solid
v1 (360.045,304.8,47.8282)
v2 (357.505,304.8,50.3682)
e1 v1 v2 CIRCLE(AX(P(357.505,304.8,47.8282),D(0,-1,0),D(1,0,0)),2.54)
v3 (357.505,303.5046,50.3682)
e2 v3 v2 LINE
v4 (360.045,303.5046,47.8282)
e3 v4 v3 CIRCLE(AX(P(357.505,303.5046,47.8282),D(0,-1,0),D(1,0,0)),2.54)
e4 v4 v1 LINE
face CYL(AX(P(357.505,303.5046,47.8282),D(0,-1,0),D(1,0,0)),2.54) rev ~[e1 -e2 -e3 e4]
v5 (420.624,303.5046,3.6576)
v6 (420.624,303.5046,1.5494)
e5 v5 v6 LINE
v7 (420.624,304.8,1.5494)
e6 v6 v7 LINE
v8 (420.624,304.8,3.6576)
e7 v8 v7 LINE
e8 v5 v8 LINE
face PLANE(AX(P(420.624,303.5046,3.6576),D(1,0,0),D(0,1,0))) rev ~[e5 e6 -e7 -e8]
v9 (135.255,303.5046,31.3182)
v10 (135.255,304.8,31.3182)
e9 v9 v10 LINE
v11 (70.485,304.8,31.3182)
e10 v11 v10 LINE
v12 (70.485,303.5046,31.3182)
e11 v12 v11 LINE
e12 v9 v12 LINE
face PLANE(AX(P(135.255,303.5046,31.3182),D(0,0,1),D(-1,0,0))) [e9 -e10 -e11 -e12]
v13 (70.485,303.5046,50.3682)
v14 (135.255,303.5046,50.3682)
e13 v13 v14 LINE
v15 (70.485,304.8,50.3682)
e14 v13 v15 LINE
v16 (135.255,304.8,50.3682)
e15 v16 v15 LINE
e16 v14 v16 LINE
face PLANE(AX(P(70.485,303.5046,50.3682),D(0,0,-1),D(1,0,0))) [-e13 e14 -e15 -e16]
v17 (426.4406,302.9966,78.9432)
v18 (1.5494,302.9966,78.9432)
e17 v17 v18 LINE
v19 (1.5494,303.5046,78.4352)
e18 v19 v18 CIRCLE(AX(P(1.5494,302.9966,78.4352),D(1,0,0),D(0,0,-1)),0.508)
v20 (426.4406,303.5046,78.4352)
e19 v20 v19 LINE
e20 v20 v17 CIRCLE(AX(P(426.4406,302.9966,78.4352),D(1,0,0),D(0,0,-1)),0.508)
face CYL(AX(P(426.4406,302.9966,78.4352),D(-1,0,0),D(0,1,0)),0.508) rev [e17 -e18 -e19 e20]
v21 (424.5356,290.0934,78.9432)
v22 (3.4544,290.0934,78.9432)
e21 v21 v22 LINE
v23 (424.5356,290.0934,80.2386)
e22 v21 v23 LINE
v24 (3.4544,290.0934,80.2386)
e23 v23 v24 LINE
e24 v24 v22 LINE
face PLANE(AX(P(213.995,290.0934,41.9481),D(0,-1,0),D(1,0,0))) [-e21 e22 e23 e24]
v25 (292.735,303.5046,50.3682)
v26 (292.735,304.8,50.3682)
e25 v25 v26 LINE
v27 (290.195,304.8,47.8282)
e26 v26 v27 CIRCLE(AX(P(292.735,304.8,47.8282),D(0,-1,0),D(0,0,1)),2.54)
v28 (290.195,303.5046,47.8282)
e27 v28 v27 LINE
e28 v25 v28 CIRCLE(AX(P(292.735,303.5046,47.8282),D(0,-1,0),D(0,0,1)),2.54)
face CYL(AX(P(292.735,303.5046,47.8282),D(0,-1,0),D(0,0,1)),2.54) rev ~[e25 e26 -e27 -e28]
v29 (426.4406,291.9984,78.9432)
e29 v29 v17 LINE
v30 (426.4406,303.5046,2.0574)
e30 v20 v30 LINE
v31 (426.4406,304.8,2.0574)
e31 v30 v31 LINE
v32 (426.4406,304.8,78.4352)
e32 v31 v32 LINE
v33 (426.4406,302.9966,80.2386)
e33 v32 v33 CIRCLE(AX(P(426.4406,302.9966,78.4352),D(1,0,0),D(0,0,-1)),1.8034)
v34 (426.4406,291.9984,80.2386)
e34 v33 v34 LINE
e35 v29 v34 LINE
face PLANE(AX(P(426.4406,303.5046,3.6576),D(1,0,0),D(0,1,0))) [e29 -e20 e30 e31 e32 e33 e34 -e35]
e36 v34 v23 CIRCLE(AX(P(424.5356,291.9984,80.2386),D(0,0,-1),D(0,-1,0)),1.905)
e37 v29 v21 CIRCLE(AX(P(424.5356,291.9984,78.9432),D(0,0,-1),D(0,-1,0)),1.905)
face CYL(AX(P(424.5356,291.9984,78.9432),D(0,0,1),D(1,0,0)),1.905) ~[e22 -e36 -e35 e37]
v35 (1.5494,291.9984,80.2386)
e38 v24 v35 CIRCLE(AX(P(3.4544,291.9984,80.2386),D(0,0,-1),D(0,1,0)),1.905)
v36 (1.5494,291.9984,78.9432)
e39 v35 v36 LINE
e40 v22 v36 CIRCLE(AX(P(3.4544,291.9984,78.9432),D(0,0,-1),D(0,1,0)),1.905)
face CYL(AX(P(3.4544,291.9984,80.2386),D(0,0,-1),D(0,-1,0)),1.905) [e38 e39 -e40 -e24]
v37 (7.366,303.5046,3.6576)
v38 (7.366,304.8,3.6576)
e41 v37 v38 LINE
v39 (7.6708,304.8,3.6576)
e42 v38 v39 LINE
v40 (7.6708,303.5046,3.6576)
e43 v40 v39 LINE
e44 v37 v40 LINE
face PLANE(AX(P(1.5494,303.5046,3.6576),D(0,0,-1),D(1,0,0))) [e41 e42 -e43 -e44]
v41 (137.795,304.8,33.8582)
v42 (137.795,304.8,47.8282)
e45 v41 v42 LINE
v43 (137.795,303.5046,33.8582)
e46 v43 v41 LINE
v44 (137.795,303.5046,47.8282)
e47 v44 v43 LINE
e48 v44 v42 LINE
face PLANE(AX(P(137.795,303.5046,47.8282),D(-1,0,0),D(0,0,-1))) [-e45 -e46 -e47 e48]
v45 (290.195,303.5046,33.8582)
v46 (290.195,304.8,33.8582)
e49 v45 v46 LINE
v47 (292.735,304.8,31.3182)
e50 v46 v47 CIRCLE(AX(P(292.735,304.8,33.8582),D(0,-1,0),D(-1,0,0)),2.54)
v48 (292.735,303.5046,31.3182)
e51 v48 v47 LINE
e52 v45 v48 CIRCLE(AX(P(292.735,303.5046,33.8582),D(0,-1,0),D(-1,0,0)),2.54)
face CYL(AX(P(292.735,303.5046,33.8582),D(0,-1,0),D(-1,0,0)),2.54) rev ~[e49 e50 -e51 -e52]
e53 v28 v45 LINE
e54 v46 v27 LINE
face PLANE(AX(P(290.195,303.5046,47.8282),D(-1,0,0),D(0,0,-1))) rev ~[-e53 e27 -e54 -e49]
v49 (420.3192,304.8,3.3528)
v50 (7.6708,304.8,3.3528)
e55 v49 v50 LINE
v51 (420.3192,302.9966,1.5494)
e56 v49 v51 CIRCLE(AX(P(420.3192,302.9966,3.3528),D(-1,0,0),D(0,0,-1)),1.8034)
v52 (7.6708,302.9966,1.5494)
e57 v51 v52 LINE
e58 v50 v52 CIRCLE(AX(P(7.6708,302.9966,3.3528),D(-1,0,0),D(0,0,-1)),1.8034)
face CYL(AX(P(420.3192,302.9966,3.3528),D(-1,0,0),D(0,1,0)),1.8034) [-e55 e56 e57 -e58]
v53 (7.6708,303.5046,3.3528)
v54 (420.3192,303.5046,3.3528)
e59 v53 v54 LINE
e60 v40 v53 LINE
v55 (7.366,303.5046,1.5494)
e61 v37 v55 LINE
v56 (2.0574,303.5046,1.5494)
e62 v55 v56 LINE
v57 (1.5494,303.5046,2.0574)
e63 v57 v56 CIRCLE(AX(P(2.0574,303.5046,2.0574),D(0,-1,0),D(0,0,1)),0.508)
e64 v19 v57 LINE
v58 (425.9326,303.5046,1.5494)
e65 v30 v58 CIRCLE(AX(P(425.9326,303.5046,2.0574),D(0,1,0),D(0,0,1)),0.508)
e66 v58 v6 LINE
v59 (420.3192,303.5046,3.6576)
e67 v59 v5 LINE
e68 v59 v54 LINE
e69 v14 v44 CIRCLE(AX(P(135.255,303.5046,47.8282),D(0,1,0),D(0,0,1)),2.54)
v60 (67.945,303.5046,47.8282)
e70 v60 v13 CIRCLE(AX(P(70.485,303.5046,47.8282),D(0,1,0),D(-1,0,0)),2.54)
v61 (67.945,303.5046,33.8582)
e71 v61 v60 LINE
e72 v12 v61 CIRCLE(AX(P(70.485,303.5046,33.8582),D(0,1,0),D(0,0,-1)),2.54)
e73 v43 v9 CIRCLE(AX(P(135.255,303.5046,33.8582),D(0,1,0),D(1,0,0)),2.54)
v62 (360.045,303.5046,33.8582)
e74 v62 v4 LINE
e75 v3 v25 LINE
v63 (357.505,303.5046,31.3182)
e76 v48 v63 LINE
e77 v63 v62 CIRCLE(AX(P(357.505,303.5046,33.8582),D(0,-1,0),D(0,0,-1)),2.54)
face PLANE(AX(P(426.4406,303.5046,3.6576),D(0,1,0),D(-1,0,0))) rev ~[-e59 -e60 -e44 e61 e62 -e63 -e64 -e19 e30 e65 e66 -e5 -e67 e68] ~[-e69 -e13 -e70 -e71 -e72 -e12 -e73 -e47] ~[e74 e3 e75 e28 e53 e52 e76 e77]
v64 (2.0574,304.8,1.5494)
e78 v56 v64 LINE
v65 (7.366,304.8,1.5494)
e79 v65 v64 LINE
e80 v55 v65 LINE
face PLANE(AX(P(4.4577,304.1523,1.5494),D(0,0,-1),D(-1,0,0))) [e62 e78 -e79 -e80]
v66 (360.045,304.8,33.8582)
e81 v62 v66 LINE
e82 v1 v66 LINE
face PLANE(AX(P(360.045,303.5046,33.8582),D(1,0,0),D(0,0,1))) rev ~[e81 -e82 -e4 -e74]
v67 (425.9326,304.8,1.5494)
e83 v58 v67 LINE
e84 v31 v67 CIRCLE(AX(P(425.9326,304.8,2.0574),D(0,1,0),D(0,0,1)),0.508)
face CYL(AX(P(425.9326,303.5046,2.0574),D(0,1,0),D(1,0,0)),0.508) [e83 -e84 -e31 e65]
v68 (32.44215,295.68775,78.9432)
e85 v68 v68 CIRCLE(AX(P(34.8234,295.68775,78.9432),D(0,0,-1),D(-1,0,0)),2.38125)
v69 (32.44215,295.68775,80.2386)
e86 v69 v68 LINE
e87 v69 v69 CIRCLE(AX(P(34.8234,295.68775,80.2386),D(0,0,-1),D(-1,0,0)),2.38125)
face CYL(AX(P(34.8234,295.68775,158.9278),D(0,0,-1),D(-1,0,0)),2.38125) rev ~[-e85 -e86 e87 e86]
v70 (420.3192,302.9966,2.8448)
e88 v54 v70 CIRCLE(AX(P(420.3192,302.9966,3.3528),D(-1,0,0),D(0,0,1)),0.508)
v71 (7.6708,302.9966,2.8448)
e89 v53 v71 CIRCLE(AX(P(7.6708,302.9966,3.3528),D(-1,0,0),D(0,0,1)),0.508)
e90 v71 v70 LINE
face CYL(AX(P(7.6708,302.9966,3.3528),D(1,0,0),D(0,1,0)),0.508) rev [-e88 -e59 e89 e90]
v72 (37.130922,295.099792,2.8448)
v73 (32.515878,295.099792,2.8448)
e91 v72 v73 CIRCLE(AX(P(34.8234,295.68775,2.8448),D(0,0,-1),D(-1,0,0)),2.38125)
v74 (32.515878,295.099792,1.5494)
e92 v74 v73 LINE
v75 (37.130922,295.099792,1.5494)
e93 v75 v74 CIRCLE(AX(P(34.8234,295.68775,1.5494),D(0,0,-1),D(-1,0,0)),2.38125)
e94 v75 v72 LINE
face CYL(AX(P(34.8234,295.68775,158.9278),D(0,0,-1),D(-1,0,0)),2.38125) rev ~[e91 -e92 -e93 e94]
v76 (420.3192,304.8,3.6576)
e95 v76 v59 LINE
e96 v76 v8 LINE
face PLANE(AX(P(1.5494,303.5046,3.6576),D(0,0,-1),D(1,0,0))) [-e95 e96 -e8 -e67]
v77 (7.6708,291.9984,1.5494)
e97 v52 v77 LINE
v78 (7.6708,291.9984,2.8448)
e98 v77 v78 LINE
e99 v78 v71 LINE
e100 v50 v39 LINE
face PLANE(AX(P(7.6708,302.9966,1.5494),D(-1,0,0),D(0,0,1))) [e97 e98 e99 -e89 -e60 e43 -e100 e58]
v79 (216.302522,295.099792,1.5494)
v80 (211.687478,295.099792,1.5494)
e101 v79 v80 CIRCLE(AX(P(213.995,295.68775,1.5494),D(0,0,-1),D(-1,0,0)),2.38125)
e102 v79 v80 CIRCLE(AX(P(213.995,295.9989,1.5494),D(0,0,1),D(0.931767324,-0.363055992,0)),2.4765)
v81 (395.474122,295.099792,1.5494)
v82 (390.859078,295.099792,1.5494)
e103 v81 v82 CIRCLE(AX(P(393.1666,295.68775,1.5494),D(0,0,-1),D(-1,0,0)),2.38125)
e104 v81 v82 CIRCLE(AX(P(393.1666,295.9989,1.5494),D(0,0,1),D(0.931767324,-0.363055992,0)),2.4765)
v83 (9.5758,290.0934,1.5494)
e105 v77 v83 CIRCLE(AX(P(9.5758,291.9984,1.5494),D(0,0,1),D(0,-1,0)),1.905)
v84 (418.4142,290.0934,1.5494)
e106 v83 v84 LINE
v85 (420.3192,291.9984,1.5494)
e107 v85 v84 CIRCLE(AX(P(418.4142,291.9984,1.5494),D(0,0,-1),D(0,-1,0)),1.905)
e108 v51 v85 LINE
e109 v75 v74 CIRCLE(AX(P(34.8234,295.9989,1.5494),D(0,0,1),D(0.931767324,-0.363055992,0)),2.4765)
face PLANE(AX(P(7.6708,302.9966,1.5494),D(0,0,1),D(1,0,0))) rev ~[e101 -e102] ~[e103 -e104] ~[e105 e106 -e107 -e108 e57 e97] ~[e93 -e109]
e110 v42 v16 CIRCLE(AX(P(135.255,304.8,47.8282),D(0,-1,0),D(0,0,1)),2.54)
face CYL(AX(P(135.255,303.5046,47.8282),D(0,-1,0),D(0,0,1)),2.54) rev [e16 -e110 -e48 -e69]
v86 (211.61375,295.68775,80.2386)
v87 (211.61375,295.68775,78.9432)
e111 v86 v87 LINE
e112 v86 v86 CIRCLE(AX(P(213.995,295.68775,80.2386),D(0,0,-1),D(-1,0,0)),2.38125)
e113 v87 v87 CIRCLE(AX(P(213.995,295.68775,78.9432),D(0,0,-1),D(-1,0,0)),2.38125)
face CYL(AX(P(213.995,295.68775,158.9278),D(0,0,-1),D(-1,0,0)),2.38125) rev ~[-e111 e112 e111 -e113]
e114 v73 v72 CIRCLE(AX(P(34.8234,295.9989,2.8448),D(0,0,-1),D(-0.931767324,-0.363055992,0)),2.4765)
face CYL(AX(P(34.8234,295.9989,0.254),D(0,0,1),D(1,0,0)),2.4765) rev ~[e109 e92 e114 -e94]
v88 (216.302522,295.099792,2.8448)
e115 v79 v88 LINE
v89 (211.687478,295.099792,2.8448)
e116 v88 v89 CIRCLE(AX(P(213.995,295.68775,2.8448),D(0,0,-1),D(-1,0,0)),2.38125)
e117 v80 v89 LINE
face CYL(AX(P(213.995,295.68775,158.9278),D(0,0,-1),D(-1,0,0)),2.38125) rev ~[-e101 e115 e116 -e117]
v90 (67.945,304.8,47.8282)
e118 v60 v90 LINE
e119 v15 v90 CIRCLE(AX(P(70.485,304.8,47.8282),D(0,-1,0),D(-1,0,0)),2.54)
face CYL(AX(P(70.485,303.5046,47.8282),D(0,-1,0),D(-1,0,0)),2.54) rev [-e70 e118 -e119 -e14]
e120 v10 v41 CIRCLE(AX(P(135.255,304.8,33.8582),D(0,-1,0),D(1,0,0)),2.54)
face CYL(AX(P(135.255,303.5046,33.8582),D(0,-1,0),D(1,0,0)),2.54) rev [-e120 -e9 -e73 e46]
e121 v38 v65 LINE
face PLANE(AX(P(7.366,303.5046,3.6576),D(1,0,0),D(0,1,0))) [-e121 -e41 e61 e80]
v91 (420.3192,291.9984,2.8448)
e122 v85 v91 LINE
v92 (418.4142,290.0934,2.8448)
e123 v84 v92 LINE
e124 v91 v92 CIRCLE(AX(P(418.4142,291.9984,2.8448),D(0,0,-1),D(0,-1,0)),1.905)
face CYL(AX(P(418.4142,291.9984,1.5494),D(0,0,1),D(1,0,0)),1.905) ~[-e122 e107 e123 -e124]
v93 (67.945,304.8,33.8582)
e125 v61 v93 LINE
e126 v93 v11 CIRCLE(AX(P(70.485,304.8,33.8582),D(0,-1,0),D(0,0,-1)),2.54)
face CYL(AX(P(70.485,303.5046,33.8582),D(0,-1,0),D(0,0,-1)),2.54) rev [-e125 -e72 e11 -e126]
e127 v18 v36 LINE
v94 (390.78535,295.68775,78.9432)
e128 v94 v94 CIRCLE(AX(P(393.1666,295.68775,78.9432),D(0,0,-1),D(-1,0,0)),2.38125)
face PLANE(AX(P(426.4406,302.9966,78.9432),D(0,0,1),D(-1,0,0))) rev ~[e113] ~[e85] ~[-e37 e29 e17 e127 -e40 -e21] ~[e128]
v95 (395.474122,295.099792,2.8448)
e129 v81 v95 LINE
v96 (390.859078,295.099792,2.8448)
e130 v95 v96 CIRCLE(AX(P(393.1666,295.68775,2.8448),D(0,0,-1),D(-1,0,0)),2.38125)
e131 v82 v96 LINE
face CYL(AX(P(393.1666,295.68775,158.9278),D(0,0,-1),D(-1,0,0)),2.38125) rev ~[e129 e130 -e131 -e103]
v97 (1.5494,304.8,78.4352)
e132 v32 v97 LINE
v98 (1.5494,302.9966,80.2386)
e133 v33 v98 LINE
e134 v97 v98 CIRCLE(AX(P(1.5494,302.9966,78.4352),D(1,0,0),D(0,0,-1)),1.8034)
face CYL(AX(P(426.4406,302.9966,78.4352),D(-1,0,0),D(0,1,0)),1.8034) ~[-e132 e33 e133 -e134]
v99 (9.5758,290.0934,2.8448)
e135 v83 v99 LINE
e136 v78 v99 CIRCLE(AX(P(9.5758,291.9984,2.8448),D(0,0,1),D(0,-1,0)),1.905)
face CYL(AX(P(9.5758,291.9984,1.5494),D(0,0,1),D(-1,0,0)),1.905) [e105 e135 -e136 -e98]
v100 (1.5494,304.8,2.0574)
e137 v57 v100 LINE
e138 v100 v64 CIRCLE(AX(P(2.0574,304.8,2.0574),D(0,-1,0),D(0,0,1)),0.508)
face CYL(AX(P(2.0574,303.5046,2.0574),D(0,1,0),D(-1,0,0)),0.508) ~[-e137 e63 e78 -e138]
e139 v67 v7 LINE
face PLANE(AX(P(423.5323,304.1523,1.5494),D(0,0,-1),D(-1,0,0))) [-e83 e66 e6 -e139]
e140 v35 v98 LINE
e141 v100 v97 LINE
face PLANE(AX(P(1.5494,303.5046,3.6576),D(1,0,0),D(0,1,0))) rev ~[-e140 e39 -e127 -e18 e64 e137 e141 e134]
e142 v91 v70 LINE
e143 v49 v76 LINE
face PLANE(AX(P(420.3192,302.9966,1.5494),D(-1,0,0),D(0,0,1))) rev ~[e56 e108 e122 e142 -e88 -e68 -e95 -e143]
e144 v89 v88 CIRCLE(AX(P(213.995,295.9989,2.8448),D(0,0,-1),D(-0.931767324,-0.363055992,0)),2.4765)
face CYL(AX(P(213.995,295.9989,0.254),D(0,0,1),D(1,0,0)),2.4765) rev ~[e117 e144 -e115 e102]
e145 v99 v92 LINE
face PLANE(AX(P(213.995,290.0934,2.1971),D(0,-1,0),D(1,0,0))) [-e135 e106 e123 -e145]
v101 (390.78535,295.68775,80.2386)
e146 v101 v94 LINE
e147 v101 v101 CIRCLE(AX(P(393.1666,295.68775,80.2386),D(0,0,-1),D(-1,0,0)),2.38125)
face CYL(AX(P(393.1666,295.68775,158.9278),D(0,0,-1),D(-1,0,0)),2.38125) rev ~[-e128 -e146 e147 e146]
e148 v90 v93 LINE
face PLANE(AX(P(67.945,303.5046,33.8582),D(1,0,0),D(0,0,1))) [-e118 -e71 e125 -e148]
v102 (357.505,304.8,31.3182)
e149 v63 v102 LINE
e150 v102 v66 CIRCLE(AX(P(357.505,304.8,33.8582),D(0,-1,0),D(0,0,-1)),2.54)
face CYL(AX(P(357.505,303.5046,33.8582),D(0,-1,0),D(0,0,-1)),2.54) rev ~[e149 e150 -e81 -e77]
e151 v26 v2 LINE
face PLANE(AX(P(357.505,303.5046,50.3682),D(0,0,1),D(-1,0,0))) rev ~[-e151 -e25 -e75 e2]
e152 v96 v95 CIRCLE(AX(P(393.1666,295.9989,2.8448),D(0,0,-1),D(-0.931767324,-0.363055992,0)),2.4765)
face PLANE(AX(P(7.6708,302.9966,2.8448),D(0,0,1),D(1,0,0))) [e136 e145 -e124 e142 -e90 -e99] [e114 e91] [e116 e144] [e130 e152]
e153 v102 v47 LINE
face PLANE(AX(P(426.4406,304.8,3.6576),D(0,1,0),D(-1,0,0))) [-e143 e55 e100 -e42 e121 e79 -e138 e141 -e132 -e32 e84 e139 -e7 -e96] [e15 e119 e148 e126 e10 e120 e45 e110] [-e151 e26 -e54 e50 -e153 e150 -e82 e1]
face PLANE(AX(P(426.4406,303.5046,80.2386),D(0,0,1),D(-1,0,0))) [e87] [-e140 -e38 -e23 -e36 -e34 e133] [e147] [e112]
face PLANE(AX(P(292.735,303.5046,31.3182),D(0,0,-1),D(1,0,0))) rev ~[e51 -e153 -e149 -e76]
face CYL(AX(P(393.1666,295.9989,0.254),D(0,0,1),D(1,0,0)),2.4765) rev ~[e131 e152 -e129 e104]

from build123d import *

# Parameters (mm, degrees)
BOSS_EXTRUDE1_DEPTH                = 12.9032
BOSS_EXTRUDE2_DEPTH                = 0.508
CUT_EXTRUDE1_DEPTH                 = 12.9032
BOSS_EXTRUDE3_DEPTH                = 1.2954
CUT_EXTRUDE2_DEPTH                 = 0.508
BOSS_EXTRUDE4_DEPTH                = 0.3048
BOSS_EXTRUDE5_DEPTH                = 0.508
SKETCH8_W                          = 412.6484
SKETCH8_H                          = 0.508
CUT_EXTRUDE3_DEPTH                 = 0.3048
SKETCH9_W                          = 412.6484
SKETCH9_H                          = 1.8034
BOSS_EXTRUDE6_DEPTH                = 1.2954
SKETCH10_W                         = 412.6484
SKETCH10_H                         = 0.508
CUT_EXTRUDE4_DEPTH                 = 0.508
SKETCH11_W                         = 412.6484
SKETCH11_H                         = 1.2954
BOSS_EXTRUDE7_DEPTH                = 12.9032
SKETCH12_W                         = 5.8166
SKETCH12_H                         = 1.2954
BOSS_EXTRUDE8_DEPTH                = 2.1082
SKETCH13_W                         = 5.8166
SKETCH13_H                         = 1.2954
BOSS_EXTRUDE9_DEPTH                = 2.1082
HOLE1_D                            = 4.953
HOLE1_DEPTH                        = 1.2954
F_3_16_0_1875_DIAMETER_HOLE1_D     = 4.7625
F_3_16_0_1875_DIAMETER_HOLE1_DEPTH = 78.6892
FILLET1_R                          = 0.508
FILLET2_R                          = 1.8034
FILLET3_R                          = 1.904999999
CUT_EXTRUDE5_DEPTH                 = 435.13094631


with BuildPart() as part:
    # Sketch1 → Boss-Extrude1 (new body)
    with BuildSketch(Plane.XZ.offset(-290.0934)):
        Polygon((426.4406, 80.2386), (1.5494, 80.2386), (1.5494, 78.9432), (1.5494, 78.4352), (1.5494, 3.6576), (426.4406, 3.6576), (426.4406, 78.4352), (426.4406, 78.9432), align=None)
    extrude(amount=-BOSS_EXTRUDE1_DEPTH)

    # Sketch2 → Boss-Extrude2 (add)
    with BuildSketch(Plane(origin=(0, 302.9966, 0), x_dir=(-1, 0, 0), z_dir=(0, 1, 0))):
        Polygon((-1.5494, 3.6576), (-426.4406, 3.6576), (-426.4406, 78.4352), (-426.4406, 78.943205), (-426.4406, 80.2386), (-1.5494, 80.2386), (-1.5494, 78.943205), (-1.5494, 78.4352), align=None)
    extrude(amount=BOSS_EXTRUDE2_DEPTH)

    # Sketch3 → Cut-Extrude1 (cut)
    with BuildSketch(Plane.XZ.offset(-290.0934)):
        Polygon((1.5494, 3.6576), (426.4406, 3.6576), (426.4406, 78.4352), (426.4406, 78.9432), (1.5494, 78.9432), (1.5494, 78.4352), align=None)
    extrude(amount=-CUT_EXTRUDE1_DEPTH, mode=Mode.SUBTRACT)

    # Sketch4 → Boss-Extrude3 (add)
    with BuildSketch(Plane(origin=(0, 303.5046, 0), x_dir=(-1, 0, 0), z_dir=(0, 1, 0))):
        Polygon((-1.5494, 3.6576), (-426.4406, 3.6576), (-426.4406, 78.4352), (-426.4406, 80.2386), (-1.5494, 80.2386), (-1.5494, 78.4352), align=None)
    extrude(amount=BOSS_EXTRUDE3_DEPTH)

    # Sketch5 → Cut-Extrude2 (cut)
    with BuildSketch(Plane.XZ.offset(-302.9966)):
        Polygon((1.5494, 3.6576), (426.4406, 3.6576), (426.4406, 78.4352), (426.4406, 78.9432), (1.5494, 78.9432), (1.5494, 78.4352), align=None)
    extrude(amount=-CUT_EXTRUDE2_DEPTH, mode=Mode.SUBTRACT)

    # Sketch6 → Boss-Extrude4 (add)
    with BuildSketch(Plane(origin=(0, 0, 3.6576), x_dir=(-1, 0, 0), z_dir=(0, 0, -1))):
        Polygon((-420.3192, 302.9966), (-420.3192, 303.5046), (-420.3192, 304.8), (-7.6708, 304.8), (-7.6708, 303.5046), (-7.6708, 302.9966), align=None)
    extrude(amount=BOSS_EXTRUDE4_DEPTH)

    # Sketch7 → Boss-Extrude5 (add)
    with BuildSketch(Plane(origin=(0, 0, 3.3528), x_dir=(-1, 0, 0), z_dir=(0, 0, -1))):
        Polygon((-420.3192, 302.9966), (-420.3192, 303.5046), (-420.3192, 304.8), (-7.6708, 304.8), (-7.6708, 303.504605), (-7.6708, 302.9966), align=None)
    extrude(amount=BOSS_EXTRUDE5_DEPTH)

    # Sketch8 → Cut-Extrude3 (cut)
    with BuildSketch(Plane.XY.offset(3.6576)):
        with Locations((213.995, 303.2506)):
            Rectangle(SKETCH8_W, SKETCH8_H)
    extrude(amount=-CUT_EXTRUDE3_DEPTH, mode=Mode.SUBTRACT)

    # Sketch9 → Boss-Extrude6 (add)
    with BuildSketch(Plane(origin=(0, 0, 2.8448), x_dir=(-1, 0, 0), z_dir=(0, 0, -1))):
        with Locations((-213.995, 303.8983)):
            Rectangle(SKETCH9_W, SKETCH9_H)
    extrude(amount=BOSS_EXTRUDE6_DEPTH)

    # Sketch10 → Cut-Extrude4 (cut)
    with BuildSketch(Plane.XY.offset(3.3528)):
        with Locations((213.995, 303.2506)):
            Rectangle(SKETCH10_W, SKETCH10_H)
    extrude(amount=-CUT_EXTRUDE4_DEPTH, mode=Mode.SUBTRACT)

    # Sketch11 → Boss-Extrude7 (add)
    with BuildSketch(Plane.XZ.offset(-302.9966)):
        with Locations((213.995, 2.1971)):
            Rectangle(SKETCH11_W, SKETCH11_H)
    extrude(amount=BOSS_EXTRUDE7_DEPTH)

    # Sketch12 → Boss-Extrude8 (add)
    with BuildSketch(Plane(origin=(0, 0, 3.6576), x_dir=(-1, 0, 0), z_dir=(0, 0, -1))):
        with Locations((-4.4577, 304.1523)):
            Rectangle(SKETCH12_W, SKETCH12_H)
    extrude(amount=BOSS_EXTRUDE8_DEPTH)

    # Sketch13 → Boss-Extrude9 (add)
    with BuildSketch(Plane(origin=(0, 0, 3.6576), x_dir=(-1, 0, 0), z_dir=(0, 0, -1))):
        with Locations((-423.5323, 304.1523)):
            Rectangle(SKETCH13_W, SKETCH13_H)
    extrude(amount=BOSS_EXTRUDE9_DEPTH)

    # Hole1
    with Locations(Plane(origin=(0, 0, 1.5494), x_dir=(-1, 0, 0), z_dir=(0, 0, -1))):
        with Locations((-213.995, 295.9989), (-393.1666, 295.9989), (-34.8234, 295.9989)):
            Hole(HOLE1_D / 2, depth=HOLE1_DEPTH)

    # 3/16 (0.1875) Diameter Hole1
    with Locations(Plane.XY.offset(80.2386)):
        with Locations((34.8234, 295.68775), (213.995, 295.68775), (393.1666, 295.68775)):
            Hole(F_3_16_0_1875_DIAMETER_HOLE1_D / 2, depth=F_3_16_0_1875_DIAMETER_HOLE1_DEPTH)

    # Fillet1
    fillet1_edges = [part.edges().sort_by_distance(p)[0] for p in [
        (213.995, 303.5046, 2.8448),
        (1.5494, 304.1523, 1.5494),
        (426.4406, 304.1523, 1.5494),
        (213.995, 303.5046, 78.9432),
    ]]
    fillet(fillet1_edges, radius=FILLET1_R)

    # Fillet2
    fillet2_edges = [part.edges().sort_by_distance(p)[0] for p in [
        (213.995, 304.8, 1.5494),
        (213.995, 304.8, 80.2386),
    ]]
    fillet(fillet2_edges, radius=FILLET2_R)

    # Fillet3
    fillet3_edges = [part.edges().sort_by_distance(p)[0] for p in [
        (420.3192, 290.0934, 2.1971),
        (7.6708, 290.0934, 2.1971),
        (426.4406, 290.0934, 79.5909),
        (1.5494, 290.0934, 79.5909),
    ]]
    fillet(fillet3_edges, radius=FILLET3_R)

    # Sketch18 → Cut-Extrude5 (cut, through all)
    with BuildSketch(Plane.XZ.offset(-303.5046)):
        with BuildLine():
            Line((357.505, 50.3682), (292.735, 50.3682))
            ThreePointArc((292.735, 50.3682), (290.938948776, 49.624251224), (290.195, 47.8282))
            Line((290.195, 47.8282), (290.195, 33.8582))
            ThreePointArc((290.195, 33.8582), (290.938948776, 32.062148776), (292.735, 31.3182))
            Line((292.735, 31.3182), (357.505, 31.3182))
            ThreePointArc((357.505, 31.3182), (359.301051224, 32.062148776), (360.045, 33.8582))
            Line((360.045, 33.8582), (360.045, 47.8282))
            ThreePointArc((360.045, 47.8282), (359.301051224, 49.624251224), (357.505, 50.3682))
        make_face()
        with BuildLine():
            Line((137.795, 47.8282), (137.795, 33.8582))
            ThreePointArc((137.795, 33.8582), (137.051051224, 32.062148776), (135.255, 31.3182))
            Line((135.255, 31.3182), (70.485, 31.3182))
            ThreePointArc((70.485, 31.3182), (68.688948776, 32.062148776), (67.945, 33.8582))
            Line((67.945, 33.8582), (67.945, 47.8282))
            ThreePointArc((67.945, 47.8282), (68.688948776, 49.624251224), (70.485, 50.3682))
            Line((70.485, 50.3682), (135.255, 50.3682))
            ThreePointArc((135.255, 50.3682), (137.051051224, 49.624251224), (137.795, 47.8282))
        make_face()
    extrude(amount=-CUT_EXTRUDE5_DEPTH, mode=Mode.SUBTRACT)


solid = part.part
